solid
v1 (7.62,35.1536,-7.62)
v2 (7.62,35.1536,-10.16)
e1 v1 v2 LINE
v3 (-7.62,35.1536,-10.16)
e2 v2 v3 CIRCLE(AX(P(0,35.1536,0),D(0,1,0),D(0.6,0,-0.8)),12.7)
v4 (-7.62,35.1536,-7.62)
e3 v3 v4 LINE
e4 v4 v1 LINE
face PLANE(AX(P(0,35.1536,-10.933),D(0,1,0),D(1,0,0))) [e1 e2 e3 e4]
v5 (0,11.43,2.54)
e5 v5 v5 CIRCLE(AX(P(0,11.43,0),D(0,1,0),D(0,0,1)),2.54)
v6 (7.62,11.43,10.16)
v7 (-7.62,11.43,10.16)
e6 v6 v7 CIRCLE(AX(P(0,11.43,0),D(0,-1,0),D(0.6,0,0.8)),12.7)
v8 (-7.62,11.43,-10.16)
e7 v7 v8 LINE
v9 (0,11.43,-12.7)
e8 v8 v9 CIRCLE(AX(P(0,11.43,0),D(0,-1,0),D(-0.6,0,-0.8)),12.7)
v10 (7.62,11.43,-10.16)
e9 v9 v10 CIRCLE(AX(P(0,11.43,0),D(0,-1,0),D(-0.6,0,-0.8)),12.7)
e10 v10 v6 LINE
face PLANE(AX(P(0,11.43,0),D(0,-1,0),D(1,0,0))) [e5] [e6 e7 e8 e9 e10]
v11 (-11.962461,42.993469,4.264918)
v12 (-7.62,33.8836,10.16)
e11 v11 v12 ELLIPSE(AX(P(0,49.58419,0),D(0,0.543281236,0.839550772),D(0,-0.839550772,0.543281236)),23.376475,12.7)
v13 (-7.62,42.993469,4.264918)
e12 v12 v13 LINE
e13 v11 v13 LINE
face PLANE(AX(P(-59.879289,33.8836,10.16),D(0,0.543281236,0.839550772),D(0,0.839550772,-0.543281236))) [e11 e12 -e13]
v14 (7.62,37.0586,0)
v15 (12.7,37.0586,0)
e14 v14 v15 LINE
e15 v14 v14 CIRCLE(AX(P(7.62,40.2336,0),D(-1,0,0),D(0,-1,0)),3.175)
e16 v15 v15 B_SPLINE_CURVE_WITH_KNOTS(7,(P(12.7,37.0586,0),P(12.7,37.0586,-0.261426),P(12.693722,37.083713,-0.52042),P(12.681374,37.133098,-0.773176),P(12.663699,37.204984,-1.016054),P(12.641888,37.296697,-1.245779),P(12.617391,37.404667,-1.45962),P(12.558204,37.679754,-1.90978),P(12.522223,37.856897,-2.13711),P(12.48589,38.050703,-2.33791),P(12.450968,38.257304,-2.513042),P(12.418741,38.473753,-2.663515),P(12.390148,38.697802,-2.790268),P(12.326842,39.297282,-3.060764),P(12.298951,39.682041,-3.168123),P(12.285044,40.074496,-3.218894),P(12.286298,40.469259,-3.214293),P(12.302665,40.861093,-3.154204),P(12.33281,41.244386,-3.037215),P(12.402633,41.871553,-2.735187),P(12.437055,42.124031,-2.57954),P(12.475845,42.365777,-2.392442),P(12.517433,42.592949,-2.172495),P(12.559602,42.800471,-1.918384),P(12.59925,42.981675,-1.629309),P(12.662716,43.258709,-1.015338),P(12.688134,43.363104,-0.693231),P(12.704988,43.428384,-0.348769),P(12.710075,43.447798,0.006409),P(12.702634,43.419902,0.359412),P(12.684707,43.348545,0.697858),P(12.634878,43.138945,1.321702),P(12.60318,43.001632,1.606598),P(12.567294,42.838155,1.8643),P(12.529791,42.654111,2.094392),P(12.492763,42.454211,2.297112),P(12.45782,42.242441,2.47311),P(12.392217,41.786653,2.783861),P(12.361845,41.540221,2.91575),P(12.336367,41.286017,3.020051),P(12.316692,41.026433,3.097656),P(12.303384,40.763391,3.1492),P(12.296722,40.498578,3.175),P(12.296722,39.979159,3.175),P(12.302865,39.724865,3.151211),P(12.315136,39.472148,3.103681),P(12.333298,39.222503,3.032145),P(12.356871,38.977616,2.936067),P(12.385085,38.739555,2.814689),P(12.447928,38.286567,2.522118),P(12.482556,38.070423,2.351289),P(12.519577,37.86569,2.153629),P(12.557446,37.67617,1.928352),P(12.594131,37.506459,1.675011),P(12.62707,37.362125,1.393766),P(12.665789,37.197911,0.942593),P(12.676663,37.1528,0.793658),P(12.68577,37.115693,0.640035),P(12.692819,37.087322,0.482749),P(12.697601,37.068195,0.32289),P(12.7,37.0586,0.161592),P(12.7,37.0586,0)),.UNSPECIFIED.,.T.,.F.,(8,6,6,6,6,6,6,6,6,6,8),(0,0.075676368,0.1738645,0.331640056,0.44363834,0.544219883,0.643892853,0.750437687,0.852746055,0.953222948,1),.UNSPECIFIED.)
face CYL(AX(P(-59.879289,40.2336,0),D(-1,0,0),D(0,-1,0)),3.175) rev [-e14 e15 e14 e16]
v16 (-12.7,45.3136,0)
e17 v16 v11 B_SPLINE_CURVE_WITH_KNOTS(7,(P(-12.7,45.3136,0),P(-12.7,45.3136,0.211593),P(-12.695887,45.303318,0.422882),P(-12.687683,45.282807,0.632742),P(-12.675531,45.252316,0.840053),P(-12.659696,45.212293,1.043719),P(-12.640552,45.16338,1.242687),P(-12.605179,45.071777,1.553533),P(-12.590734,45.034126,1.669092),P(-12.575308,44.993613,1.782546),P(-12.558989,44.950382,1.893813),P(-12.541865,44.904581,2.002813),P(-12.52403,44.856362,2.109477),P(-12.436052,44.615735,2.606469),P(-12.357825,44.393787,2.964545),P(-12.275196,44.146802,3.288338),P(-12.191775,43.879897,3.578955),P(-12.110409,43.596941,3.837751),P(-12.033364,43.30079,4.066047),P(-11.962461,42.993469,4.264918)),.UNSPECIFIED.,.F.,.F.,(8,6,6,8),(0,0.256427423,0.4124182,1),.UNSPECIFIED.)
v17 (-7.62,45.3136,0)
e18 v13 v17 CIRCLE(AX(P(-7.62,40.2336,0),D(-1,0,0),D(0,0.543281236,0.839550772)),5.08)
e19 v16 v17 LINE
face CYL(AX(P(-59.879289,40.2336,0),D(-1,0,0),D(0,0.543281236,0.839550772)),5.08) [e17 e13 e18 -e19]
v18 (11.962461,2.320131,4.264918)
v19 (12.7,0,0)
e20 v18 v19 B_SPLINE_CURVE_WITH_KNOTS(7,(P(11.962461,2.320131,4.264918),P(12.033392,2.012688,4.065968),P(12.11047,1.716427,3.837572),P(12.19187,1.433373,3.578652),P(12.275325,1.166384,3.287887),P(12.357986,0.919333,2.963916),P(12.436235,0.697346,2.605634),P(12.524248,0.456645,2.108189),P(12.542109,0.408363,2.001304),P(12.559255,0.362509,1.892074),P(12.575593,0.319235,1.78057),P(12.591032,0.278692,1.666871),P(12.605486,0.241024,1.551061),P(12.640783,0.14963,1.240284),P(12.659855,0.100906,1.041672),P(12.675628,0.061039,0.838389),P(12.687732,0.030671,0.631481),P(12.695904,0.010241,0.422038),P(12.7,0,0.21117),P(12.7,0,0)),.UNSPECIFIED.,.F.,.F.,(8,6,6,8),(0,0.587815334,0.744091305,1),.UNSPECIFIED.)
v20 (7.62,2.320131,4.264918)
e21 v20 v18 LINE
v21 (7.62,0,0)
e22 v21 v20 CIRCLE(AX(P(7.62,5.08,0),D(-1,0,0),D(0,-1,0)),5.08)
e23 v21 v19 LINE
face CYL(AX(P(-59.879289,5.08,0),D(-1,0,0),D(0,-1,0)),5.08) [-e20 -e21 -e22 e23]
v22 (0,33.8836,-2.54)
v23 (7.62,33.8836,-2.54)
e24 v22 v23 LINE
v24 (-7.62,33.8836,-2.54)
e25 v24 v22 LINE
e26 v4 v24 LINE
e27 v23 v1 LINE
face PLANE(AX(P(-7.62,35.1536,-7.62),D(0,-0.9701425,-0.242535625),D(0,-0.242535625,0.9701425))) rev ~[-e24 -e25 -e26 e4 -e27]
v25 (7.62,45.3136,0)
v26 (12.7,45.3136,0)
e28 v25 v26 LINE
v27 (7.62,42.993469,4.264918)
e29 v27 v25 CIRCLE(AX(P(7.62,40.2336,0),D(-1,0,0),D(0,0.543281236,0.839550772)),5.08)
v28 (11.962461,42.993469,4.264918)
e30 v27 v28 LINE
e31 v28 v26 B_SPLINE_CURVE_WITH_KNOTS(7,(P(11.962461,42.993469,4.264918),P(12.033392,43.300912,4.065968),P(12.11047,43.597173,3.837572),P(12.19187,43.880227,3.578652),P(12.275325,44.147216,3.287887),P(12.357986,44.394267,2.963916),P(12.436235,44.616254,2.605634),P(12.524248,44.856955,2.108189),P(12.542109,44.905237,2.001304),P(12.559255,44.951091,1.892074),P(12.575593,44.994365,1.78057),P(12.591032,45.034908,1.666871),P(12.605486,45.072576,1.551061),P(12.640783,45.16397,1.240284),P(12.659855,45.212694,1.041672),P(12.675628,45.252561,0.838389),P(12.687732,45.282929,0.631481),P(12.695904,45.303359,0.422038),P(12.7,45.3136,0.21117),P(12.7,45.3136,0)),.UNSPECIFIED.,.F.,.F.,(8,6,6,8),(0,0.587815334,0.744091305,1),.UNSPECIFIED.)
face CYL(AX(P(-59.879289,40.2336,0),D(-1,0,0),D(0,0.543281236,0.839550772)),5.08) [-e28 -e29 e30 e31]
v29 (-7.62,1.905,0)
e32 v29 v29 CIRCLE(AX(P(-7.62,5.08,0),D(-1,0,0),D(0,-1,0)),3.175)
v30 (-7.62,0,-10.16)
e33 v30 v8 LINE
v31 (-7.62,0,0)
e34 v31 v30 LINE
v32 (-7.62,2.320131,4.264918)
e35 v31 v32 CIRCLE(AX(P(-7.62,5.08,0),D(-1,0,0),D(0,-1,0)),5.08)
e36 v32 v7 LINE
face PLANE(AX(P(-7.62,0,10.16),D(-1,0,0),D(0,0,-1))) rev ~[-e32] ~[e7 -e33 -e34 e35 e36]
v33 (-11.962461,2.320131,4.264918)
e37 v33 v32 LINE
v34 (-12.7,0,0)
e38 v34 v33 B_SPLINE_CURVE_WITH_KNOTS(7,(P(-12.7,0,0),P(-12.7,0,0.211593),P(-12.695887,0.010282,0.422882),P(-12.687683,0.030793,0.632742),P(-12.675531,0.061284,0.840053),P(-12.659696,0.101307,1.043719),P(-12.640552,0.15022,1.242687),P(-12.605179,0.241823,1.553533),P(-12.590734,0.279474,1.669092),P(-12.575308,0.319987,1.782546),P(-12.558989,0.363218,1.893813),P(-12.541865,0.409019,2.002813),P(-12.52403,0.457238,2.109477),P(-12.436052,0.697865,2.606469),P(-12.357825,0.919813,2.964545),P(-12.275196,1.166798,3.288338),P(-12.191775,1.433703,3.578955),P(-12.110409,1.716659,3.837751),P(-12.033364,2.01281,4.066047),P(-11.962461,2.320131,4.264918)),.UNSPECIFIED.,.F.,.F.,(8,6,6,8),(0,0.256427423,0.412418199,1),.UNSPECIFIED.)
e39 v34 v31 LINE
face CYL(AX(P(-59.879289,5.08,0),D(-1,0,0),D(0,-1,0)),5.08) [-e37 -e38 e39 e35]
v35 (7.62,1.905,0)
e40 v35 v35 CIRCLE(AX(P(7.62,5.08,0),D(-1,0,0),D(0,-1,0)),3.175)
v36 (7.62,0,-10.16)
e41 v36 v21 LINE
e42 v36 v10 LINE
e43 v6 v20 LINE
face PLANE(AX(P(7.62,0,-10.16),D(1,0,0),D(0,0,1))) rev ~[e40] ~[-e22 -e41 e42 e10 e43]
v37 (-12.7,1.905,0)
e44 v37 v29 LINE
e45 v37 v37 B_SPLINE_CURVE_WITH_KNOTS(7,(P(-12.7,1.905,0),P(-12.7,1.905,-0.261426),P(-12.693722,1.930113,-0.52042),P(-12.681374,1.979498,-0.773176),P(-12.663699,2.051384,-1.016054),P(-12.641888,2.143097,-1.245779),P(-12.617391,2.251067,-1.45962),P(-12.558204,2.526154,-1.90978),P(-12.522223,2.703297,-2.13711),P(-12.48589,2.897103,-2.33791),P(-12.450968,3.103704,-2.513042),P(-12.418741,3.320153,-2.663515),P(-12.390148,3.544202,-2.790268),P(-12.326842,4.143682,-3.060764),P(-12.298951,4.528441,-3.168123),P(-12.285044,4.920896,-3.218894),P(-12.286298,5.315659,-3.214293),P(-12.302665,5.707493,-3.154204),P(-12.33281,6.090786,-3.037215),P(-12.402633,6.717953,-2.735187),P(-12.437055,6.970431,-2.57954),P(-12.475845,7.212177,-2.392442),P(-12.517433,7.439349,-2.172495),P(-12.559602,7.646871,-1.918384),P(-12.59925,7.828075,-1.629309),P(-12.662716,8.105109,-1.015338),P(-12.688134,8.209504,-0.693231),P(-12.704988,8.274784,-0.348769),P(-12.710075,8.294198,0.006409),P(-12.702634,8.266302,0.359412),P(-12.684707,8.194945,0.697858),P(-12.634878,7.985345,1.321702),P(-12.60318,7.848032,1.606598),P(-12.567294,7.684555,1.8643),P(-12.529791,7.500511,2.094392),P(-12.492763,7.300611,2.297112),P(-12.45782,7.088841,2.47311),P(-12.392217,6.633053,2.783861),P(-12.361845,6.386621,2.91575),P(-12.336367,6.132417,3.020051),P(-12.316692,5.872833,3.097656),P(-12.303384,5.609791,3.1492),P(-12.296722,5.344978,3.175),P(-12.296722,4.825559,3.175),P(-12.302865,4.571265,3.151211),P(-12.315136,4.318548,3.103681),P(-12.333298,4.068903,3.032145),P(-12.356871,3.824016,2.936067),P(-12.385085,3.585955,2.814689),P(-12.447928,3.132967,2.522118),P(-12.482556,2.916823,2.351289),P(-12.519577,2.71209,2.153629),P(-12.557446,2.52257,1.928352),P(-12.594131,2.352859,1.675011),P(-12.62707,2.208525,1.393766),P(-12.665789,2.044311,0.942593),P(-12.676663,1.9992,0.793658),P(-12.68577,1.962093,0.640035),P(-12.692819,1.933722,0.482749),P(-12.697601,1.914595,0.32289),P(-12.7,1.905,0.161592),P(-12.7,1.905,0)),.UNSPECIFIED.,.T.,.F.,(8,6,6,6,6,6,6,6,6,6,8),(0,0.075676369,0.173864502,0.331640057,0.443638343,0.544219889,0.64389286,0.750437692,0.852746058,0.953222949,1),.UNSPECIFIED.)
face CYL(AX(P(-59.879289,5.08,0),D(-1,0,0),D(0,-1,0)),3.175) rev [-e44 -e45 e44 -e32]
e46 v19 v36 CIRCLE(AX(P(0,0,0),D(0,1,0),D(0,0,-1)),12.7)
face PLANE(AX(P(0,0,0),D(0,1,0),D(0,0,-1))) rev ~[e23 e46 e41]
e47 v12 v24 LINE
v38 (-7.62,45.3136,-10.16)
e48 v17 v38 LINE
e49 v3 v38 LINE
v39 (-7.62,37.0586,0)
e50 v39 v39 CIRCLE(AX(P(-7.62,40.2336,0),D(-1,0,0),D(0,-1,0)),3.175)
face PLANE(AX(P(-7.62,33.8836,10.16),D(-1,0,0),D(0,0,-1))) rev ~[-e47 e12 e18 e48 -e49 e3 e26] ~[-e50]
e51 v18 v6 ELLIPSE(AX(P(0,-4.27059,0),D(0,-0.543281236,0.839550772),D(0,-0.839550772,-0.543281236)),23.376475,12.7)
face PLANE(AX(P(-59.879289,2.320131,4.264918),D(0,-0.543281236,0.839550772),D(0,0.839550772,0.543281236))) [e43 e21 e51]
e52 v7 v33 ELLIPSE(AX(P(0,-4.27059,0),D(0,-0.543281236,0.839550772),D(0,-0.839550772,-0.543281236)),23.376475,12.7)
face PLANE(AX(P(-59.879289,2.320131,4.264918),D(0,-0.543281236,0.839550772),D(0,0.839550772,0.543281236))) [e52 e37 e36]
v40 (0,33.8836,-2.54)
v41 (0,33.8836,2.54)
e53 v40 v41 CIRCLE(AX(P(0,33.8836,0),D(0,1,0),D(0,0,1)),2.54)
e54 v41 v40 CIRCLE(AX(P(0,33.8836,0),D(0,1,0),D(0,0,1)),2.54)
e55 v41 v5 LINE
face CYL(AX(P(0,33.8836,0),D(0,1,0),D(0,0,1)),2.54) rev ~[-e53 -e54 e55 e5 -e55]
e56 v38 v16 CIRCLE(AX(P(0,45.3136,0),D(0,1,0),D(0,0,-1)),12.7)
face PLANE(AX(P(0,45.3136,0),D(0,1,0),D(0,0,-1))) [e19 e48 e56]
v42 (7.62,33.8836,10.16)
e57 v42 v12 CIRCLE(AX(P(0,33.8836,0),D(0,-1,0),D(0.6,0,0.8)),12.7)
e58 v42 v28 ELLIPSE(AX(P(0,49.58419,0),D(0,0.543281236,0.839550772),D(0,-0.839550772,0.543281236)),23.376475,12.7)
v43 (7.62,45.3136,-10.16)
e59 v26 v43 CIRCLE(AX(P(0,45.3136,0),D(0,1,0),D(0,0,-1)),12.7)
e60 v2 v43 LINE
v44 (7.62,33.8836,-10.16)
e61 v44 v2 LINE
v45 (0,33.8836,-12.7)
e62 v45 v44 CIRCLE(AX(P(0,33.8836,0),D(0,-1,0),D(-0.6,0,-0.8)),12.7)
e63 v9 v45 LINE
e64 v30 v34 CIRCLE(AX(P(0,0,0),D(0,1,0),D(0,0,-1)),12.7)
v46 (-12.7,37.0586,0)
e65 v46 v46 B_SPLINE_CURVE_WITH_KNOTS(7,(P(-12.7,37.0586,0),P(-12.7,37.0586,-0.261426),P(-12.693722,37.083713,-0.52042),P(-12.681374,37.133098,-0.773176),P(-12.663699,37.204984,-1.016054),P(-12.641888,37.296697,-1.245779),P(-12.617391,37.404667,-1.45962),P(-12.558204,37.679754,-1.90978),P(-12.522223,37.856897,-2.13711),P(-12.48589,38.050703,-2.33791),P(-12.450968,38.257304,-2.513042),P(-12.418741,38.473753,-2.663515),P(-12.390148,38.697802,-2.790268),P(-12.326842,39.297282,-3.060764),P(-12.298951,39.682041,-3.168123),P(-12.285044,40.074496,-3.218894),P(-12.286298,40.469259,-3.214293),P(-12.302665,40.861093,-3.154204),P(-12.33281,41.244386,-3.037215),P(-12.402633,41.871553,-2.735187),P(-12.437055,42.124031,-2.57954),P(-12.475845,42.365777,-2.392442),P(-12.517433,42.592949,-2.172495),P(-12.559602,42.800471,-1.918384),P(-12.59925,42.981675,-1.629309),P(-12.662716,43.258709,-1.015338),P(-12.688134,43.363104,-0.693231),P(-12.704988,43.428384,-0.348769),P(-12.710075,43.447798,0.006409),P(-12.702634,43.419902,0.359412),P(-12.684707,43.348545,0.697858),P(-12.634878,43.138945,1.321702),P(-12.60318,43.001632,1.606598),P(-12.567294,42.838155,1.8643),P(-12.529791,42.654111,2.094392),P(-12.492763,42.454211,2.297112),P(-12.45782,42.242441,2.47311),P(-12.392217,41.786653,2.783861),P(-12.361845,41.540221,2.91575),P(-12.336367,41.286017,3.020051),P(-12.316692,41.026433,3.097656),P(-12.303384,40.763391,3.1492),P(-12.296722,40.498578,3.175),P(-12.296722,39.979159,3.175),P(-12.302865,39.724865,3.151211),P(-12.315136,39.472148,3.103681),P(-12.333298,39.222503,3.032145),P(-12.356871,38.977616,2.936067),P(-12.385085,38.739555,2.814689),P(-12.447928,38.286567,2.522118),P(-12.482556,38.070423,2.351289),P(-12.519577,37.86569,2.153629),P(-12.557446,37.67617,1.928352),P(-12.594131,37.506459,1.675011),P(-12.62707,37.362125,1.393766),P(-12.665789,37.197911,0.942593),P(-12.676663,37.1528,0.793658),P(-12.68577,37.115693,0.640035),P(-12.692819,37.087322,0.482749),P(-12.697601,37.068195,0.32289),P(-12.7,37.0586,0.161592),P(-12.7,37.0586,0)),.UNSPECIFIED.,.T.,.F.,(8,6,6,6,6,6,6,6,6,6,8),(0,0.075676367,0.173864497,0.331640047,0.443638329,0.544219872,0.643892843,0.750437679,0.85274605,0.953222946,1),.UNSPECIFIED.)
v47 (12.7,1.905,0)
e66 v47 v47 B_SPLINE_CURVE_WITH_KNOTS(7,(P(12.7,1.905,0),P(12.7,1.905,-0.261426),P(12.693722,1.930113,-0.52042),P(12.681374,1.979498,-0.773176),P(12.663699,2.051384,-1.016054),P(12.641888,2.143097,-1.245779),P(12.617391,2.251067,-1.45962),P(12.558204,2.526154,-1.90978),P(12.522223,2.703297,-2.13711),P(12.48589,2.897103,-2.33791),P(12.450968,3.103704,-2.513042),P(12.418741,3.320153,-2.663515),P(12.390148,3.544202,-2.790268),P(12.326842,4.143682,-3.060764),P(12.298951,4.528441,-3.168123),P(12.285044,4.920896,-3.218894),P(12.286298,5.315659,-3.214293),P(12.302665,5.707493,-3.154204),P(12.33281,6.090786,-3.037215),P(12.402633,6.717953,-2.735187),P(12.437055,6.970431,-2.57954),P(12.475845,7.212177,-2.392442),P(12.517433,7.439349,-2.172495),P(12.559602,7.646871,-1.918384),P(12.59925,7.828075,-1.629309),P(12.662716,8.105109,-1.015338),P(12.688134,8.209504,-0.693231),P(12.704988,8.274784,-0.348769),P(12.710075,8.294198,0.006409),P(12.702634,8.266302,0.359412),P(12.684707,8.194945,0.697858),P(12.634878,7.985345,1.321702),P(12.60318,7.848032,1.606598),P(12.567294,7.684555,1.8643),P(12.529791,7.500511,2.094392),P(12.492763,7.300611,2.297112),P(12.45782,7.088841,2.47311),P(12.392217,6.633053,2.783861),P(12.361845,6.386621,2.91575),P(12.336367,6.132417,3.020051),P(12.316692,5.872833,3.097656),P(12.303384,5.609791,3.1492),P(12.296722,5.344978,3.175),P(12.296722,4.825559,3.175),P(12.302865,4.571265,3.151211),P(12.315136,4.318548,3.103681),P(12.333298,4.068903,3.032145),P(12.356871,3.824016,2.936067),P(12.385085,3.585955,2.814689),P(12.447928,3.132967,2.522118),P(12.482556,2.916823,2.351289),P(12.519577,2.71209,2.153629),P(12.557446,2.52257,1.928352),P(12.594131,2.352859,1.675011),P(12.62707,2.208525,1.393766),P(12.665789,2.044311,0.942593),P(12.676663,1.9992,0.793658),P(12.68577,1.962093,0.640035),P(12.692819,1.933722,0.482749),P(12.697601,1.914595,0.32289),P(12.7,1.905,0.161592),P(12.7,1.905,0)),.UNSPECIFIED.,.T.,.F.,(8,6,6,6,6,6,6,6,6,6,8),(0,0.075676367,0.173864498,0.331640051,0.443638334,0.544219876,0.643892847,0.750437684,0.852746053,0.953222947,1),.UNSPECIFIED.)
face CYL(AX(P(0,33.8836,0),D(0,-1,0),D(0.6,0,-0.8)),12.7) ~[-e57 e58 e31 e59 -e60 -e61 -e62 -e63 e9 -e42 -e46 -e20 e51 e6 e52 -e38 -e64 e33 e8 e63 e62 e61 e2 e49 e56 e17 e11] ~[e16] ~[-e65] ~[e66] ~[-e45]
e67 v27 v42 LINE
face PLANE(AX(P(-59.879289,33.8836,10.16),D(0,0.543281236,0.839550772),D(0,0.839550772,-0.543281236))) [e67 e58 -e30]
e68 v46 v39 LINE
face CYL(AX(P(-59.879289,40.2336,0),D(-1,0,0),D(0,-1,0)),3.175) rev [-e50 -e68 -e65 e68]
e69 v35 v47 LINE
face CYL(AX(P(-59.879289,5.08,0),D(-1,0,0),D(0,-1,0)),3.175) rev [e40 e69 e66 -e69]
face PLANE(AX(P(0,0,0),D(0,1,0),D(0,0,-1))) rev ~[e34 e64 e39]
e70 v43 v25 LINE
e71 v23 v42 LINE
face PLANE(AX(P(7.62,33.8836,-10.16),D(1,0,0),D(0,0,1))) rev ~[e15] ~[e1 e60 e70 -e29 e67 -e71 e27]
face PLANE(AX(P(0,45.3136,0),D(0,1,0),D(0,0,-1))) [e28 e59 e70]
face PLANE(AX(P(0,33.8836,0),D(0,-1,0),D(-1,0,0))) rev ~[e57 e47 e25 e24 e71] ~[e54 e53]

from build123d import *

# Parameters (mm, degrees)
SKETCH1_R               = 12.7
BOSS_EXTRUDE1_DEPTH     = 45.3136
CUT_EXTRUDE1_START      = -11.43
CUT_EXTRUDE1_DEPTH      = 11.43
CUT_EXTRUDE2_DEPTH      = 11.43
CUT_EXTRUDE3_DEPTH      = 52.259289353
CUT_EXTRUDE3_DEPTH_BACK = 52.259289353
SKETCH4_R               = 3.175
SKETCH5_R               = 2.54
CUT_EXTRUDE4_DEPTH      = 39.349424517
BOSS_EXTRUDE2_REACH     = 53.259
BOSS_EXTRUDE3_DEPTH     = 1.27


with BuildPart() as part:
    # Sketch1 → Boss-Extrude1 (new body)
    with BuildSketch(Plane(origin=(0, 0, 0), x_dir=(1, 0, 0), z_dir=(0, 1, 0))):
        with Locations(Location((0, 0, 0), (0, 0, 90))):
            Circle(SKETCH1_R)
    extrude(amount=BOSS_EXTRUDE1_DEPTH)

    # Sketch2 → Cut-Extrude1 (cut)
    with BuildSketch(Plane(origin=(0, 45.3136, 0), x_dir=(1, 0, 0), z_dir=(0, 1, 0)).offset(CUT_EXTRUDE1_START)):
        with BuildLine():
            Line((7.62, 10.16), (7.62, -10.16))
            ThreePointArc((7.62, -10.16), (0, -12.7), (-7.62, -10.16))
            Line((-7.62, -10.16), (-7.62, 10.16))
            ThreePointArc((-7.62, 10.16), (0, 12.7), (7.62, 10.16))
        make_face()
    extrude(amount=CUT_EXTRUDE1_DEPTH, mode=Mode.SUBTRACT)

    # Sketch3 → Cut-Extrude2 (cut)
    with BuildSketch(Plane.XZ):
        with BuildLine():
            Line((-7.62, 10.16), (-7.62, -10.16))
            ThreePointArc((-7.62, -10.16), (0, -12.7), (7.62, -10.16))
            Line((7.62, -10.16), (7.62, 10.16))
            ThreePointArc((7.62, 10.16), (0, 12.7), (-7.62, 10.16))
        make_face()
    extrude(amount=-CUT_EXTRUDE2_DEPTH, mode=Mode.SUBTRACT)

    # Sketch4 → Cut-Extrude3 (cut, two sides: drawn at the far end of the back side and taken through both)
    with BuildSketch(Plane(origin=(-7.62, 0, 0), x_dir=(0, 0, -1), z_dir=(1, 0, 0)).offset(-CUT_EXTRUDE3_DEPTH_BACK)):
        with Locations(Location((0, 40.2336, 0), (0, 0, 270))):
            Circle(SKETCH4_R)
        with Locations(Location((0, 5.08, 0), (0, 0, 270))):
            Circle(SKETCH4_R)
        with BuildLine():
            Line((0, 45.3136), (-10.16, 45.3136))
            Line((-10.16, 45.3136), (-10.16, 33.8836))
            Line((-10.16, 33.8836), (-4.264917923, 42.993468677))
            ThreePointArc((-4.264917923, 42.993468677), (-2.427577715, 44.696028312), (0, 45.3136))
        make_face()
        with BuildLine():
            Line((-10.16, 11.43), (-10.16, 0))
            Line((-10.16, 0), (0, 0))
            ThreePointArc((0, 0), (-2.427577715, 0.617571688), (-4.264917923, 2.320131323))
            Line((-4.264917923, 2.320131323), (-10.16, 11.43))
        make_face()
    extrude(amount=CUT_EXTRUDE3_DEPTH + CUT_EXTRUDE3_DEPTH_BACK, mode=Mode.SUBTRACT)

    # Sketch5 → Cut-Extrude4 (cut, through all)
    with BuildSketch(Plane(origin=(0, 33.8836, 0), x_dir=(1, 0, 0), z_dir=(0, 1, 0))):
        with Locations(Location((0, 0, 0), (0, 0, 270))):
            Circle(SKETCH5_R)
    extrude(amount=-CUT_EXTRUDE4_DEPTH, mode=Mode.SUBTRACT)

    # Boss-Extrude2: up to this face of the body (flat: up to its plane)
    boss_extrude2_end = Plane(part.part.faces().sort_by_distance((7.62, 34.116741009, 0))[0])
    # Sketch6 → Boss-Extrude2 (add, up to the picked face)
    with BuildSketch(Plane(origin=(-7.62, 0, 0), x_dir=(0, 0, -1), z_dir=(1, 0, 0)), mode=Mode.PRIVATE) as boss_extrude2_sk1:
        Polygon((2.54, 33.8836), (10.16, 33.8836), (10.16, 35.1536), (7.62, 35.1536), align=None)
    boss_extrude2_tool1 = split(extrude(boss_extrude2_sk1.sketch, amount=BOSS_EXTRUDE2_REACH, mode=Mode.PRIVATE), bisect_by=boss_extrude2_end, keep=Keep.BOTH, mode=Mode.PRIVATE)
    add(boss_extrude2_tool1.solids().sort_by(Axis((-7.62, 34.412767, -7.408333), (1, 0, 0)))[0])

    # Sketch7 → Boss-Extrude3 (add)
    with BuildSketch(Plane(origin=(0, 33.8836, 0), x_dir=(1, 0, 0), z_dir=(0, 1, 0))):
        with BuildLine():
            Line((-7.62, 10.16), (7.62, 10.16))
            ThreePointArc((7.62, 10.16), (0, 12.7), (-7.62, 10.16))
        make_face()
    extrude(amount=BOSS_EXTRUDE3_DEPTH)


solid = part.part
